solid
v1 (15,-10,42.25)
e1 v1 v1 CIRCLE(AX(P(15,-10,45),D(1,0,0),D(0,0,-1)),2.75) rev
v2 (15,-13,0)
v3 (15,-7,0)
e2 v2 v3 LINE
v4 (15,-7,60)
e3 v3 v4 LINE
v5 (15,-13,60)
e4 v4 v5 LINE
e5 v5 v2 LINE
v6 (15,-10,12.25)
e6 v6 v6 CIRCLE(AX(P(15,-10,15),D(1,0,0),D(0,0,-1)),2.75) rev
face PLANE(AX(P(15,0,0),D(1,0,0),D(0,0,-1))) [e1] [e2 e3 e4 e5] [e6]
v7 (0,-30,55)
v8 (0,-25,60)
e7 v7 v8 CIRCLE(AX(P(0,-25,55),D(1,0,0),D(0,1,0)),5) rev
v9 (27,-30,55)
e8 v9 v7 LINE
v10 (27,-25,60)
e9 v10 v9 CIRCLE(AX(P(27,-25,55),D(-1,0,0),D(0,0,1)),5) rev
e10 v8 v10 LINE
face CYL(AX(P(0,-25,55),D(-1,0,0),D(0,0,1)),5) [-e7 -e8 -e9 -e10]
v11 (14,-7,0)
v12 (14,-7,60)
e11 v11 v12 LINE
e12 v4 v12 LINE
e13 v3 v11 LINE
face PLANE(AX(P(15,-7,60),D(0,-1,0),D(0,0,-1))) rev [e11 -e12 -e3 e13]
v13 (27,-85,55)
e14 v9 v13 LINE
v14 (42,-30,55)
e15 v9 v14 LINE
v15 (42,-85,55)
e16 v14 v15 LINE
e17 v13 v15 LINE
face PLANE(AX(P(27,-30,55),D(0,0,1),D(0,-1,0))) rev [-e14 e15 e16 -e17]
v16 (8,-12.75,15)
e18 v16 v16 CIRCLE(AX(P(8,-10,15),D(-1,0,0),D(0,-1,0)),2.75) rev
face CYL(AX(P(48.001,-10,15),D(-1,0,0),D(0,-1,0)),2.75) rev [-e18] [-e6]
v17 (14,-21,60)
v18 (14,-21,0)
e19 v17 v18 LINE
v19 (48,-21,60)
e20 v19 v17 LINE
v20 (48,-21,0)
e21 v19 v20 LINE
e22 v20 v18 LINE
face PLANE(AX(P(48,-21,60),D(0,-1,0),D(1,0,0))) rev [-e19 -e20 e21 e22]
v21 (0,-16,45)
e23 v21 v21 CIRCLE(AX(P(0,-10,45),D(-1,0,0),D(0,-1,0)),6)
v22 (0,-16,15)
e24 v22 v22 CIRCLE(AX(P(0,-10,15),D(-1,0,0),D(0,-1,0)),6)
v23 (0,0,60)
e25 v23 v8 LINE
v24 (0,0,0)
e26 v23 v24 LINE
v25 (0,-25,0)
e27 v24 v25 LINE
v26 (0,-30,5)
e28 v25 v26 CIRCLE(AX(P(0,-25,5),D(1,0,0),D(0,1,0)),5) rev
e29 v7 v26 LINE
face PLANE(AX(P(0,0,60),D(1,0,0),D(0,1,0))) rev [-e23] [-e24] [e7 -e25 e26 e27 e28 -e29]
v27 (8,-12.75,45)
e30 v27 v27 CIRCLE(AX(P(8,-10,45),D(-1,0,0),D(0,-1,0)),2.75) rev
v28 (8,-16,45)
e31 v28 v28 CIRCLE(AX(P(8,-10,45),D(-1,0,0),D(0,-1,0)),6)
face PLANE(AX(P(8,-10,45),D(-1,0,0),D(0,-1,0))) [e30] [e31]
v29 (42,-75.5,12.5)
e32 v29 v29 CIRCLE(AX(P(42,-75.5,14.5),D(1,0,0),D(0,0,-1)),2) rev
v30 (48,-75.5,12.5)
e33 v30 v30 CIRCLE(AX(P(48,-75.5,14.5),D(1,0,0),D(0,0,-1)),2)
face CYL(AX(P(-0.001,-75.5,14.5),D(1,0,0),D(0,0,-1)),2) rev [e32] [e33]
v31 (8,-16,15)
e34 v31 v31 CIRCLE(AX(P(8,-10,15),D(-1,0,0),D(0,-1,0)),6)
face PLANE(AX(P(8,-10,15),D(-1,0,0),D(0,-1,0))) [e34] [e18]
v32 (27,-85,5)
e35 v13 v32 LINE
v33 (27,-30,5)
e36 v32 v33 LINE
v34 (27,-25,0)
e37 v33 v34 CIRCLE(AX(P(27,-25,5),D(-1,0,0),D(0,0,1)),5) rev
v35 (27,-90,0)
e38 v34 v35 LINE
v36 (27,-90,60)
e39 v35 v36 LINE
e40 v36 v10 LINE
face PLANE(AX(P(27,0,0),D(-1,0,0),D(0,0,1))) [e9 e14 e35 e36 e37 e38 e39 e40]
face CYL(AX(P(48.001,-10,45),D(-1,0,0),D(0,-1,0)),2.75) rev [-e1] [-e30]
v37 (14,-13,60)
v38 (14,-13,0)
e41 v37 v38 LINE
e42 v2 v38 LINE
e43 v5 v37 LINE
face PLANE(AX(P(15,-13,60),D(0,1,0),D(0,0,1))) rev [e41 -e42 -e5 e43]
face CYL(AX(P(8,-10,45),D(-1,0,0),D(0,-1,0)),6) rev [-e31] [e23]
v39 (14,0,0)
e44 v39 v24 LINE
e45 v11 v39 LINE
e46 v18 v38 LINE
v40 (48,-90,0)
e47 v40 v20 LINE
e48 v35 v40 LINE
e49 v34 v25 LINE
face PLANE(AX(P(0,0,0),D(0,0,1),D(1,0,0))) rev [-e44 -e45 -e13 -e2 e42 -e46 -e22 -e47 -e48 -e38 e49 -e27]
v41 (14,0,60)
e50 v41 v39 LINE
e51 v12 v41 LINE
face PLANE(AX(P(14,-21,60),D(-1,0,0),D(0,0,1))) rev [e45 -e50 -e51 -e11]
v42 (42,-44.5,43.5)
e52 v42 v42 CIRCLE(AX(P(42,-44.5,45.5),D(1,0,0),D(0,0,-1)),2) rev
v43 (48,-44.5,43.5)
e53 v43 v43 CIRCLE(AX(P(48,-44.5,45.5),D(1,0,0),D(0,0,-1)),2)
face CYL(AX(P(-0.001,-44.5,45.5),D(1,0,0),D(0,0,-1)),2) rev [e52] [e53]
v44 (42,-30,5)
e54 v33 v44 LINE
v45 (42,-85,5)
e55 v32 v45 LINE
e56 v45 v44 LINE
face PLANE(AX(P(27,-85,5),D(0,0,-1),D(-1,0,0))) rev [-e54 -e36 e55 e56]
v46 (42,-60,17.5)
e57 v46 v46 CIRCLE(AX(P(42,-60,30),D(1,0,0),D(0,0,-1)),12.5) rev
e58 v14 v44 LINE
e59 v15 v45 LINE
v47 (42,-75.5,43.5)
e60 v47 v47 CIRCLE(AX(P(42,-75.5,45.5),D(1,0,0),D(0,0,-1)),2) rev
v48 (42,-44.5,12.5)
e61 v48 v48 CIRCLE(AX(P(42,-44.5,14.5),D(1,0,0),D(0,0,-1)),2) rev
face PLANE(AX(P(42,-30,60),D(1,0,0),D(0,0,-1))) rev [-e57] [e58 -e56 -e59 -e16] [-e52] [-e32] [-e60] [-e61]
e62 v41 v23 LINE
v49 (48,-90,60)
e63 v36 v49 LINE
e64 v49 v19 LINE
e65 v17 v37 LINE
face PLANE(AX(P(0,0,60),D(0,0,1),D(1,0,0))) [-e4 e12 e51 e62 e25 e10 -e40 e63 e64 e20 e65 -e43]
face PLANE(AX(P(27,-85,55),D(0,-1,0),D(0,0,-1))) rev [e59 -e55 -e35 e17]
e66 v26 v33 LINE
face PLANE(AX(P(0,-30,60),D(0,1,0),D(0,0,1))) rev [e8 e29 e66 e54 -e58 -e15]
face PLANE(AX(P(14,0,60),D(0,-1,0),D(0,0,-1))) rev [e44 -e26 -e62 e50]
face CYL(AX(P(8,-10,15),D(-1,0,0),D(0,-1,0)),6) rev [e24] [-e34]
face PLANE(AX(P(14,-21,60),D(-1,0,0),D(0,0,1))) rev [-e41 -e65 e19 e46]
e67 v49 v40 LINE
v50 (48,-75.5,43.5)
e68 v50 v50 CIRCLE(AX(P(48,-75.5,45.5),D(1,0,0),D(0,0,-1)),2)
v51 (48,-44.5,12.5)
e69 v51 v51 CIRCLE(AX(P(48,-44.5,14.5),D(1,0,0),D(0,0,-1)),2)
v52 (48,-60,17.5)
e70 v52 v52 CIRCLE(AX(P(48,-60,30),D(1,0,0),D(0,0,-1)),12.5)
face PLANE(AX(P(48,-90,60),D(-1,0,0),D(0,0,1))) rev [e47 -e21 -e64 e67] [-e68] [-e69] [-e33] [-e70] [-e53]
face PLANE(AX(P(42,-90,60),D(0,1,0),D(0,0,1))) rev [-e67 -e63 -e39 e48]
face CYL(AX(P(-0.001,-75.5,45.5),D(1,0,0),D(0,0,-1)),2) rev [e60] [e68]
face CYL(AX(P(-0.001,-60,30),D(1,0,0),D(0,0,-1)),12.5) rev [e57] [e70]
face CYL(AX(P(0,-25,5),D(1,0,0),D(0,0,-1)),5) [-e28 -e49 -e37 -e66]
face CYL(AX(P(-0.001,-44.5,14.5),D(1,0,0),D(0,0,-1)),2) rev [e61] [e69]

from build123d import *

# Parameters (mm, degrees)
SALIENTE_EXTRUIR1_DEPTH = 60
CORTAR_EXTRUIR1_REACH   = 50
CROQUIS2_R              = 2
CROQUIS2_R_2            = 12.5
SALIENTE_EXTRUIR2_DEPTH = 15
CROQUIS4_W              = 60
CROQUIS4_H              = 6
SALIENTE_EXTRUIR3_DEPTH = 1
CORTAR_EXTRUIR2_REACH   = 50
CROQUIS5_R              = 2.75
CROQUIS6_R              = 6
CORTAR_EXTRUIR3_DEPTH   = 8
REDONDEO1_R             = 5


with BuildPart() as part:
    # Croquis1 → Saliente-Extruir1 (new body)
    with BuildSketch(Plane.XY):
        Polygon((0, 0), (0, -30), (42, -30), (42, -90), (48, -90), (48, -21), (14, -21), (14, 0), align=None)
    extrude(amount=SALIENTE_EXTRUIR1_DEPTH)

    # Croquis2 → Cortar-Extruir1 (cut, up to next)
    with BuildSketch(Plane(origin=(48, 0, 0), x_dir=(0, 0, -1), z_dir=(1, 0, 0)), mode=Mode.PRIVATE) as cortar_extruir1_sk1:
        with Locations((-45.5, -44.5)):
            Circle(CROQUIS2_R)
    cortar_extruir1_tool1 = extrude(cortar_extruir1_sk1.sketch, amount=-CORTAR_EXTRUIR1_REACH, mode=Mode.PRIVATE) & part.part
    add(cortar_extruir1_tool1.solids().sort_by_distance((48, -44.5, 45.5))[0], mode=Mode.SUBTRACT)
    # Croquis2 → Cortar-Extruir1 (cut, up to next)
    with BuildSketch(Plane(origin=(48, 0, 0), x_dir=(0, 0, -1), z_dir=(1, 0, 0)), mode=Mode.PRIVATE) as cortar_extruir1_sk2:
        with Locations((-14.5, -44.5)):
            Circle(CROQUIS2_R)
    cortar_extruir1_tool2 = extrude(cortar_extruir1_sk2.sketch, amount=-CORTAR_EXTRUIR1_REACH, mode=Mode.PRIVATE) & part.part
    add(cortar_extruir1_tool2.solids().sort_by_distance((48, -44.5, 14.5))[0], mode=Mode.SUBTRACT)
    # Croquis2 → Cortar-Extruir1 (cut, up to next)
    with BuildSketch(Plane(origin=(48, 0, 0), x_dir=(0, 0, -1), z_dir=(1, 0, 0)), mode=Mode.PRIVATE) as cortar_extruir1_sk3:
        with Locations((-45.5, -75.5)):
            Circle(CROQUIS2_R)
    cortar_extruir1_tool3 = extrude(cortar_extruir1_sk3.sketch, amount=-CORTAR_EXTRUIR1_REACH, mode=Mode.PRIVATE) & part.part
    add(cortar_extruir1_tool3.solids().sort_by_distance((48, -75.5, 45.5))[0], mode=Mode.SUBTRACT)
    # Croquis2 → Cortar-Extruir1 (cut, up to next)
    with BuildSketch(Plane(origin=(48, 0, 0), x_dir=(0, 0, -1), z_dir=(1, 0, 0)), mode=Mode.PRIVATE) as cortar_extruir1_sk4:
        with Locations((-14.5, -75.5)):
            Circle(CROQUIS2_R)
    cortar_extruir1_tool4 = extrude(cortar_extruir1_sk4.sketch, amount=-CORTAR_EXTRUIR1_REACH, mode=Mode.PRIVATE) & part.part
    add(cortar_extruir1_tool4.solids().sort_by_distance((48, -75.5, 14.5))[0], mode=Mode.SUBTRACT)
    # Croquis2 → Cortar-Extruir1 (cut, up to next)
    with BuildSketch(Plane(origin=(48, 0, 0), x_dir=(0, 0, -1), z_dir=(1, 0, 0)), mode=Mode.PRIVATE) as cortar_extruir1_sk5:
        with Locations((-30, -60)):
            Circle(CROQUIS2_R_2)
    cortar_extruir1_tool5 = extrude(cortar_extruir1_sk5.sketch, amount=-CORTAR_EXTRUIR1_REACH, mode=Mode.PRIVATE) & part.part
    add(cortar_extruir1_tool5.solids().sort_by_distance((48, -60, 30))[0], mode=Mode.SUBTRACT)

    # Croquis3 → Saliente-Extruir2 (add)
    with BuildSketch(Plane.ZY.offset(-42)):
        Polygon((0, -30), (0, -90), (60, -90), (60, -30), (55, -30), (55, -85), (5, -85), (5, -30), align=None)
    extrude(amount=SALIENTE_EXTRUIR2_DEPTH)

    # Croquis4 → Saliente-Extruir3 (add)
    with BuildSketch(Plane(origin=(14, 0, 0), x_dir=(0, 0, -1), z_dir=(1, 0, 0))):
        with Locations((-30, -10)):
            Rectangle(CROQUIS4_W, CROQUIS4_H)
    extrude(amount=SALIENTE_EXTRUIR3_DEPTH)

    # Croquis5 → Cortar-Extruir2 (cut, up to next)
    with BuildSketch(Plane.ZY, mode=Mode.PRIVATE) as cortar_extruir2_sk1:
        with Locations((15, -10)):
            Circle(CROQUIS5_R)
    cortar_extruir2_tool1 = extrude(cortar_extruir2_sk1.sketch, amount=-CORTAR_EXTRUIR2_REACH, mode=Mode.PRIVATE) & part.part
    add(cortar_extruir2_tool1.solids().sort_by_distance((0, -10, 15))[0], mode=Mode.SUBTRACT)
    # Croquis5 → Cortar-Extruir2 (cut, up to next)
    with BuildSketch(Plane.ZY, mode=Mode.PRIVATE) as cortar_extruir2_sk2:
        with Locations((45, -10)):
            Circle(CROQUIS5_R)
    cortar_extruir2_tool2 = extrude(cortar_extruir2_sk2.sketch, amount=-CORTAR_EXTRUIR2_REACH, mode=Mode.PRIVATE) & part.part
    add(cortar_extruir2_tool2.solids().sort_by_distance((0, -10, 45))[0], mode=Mode.SUBTRACT)

    # Croquis6 → Cortar-Extruir3 (cut)
    with BuildSketch(Plane.ZY):
        with Locations((15, -10)):
            Circle(CROQUIS6_R)
        with Locations((45, -10)):
            Circle(CROQUIS6_R)
    extrude(amount=-CORTAR_EXTRUIR3_DEPTH, mode=Mode.SUBTRACT)

    # Redondeo1
    redondeo1_edges = [part.edges().sort_by_distance(p)[0] for p in [
        (13.5, -30, 60),
        (13.5, -30, 0),
    ]]
    fillet(redondeo1_edges, radius=REDONDEO1_R)


solid = part.part
